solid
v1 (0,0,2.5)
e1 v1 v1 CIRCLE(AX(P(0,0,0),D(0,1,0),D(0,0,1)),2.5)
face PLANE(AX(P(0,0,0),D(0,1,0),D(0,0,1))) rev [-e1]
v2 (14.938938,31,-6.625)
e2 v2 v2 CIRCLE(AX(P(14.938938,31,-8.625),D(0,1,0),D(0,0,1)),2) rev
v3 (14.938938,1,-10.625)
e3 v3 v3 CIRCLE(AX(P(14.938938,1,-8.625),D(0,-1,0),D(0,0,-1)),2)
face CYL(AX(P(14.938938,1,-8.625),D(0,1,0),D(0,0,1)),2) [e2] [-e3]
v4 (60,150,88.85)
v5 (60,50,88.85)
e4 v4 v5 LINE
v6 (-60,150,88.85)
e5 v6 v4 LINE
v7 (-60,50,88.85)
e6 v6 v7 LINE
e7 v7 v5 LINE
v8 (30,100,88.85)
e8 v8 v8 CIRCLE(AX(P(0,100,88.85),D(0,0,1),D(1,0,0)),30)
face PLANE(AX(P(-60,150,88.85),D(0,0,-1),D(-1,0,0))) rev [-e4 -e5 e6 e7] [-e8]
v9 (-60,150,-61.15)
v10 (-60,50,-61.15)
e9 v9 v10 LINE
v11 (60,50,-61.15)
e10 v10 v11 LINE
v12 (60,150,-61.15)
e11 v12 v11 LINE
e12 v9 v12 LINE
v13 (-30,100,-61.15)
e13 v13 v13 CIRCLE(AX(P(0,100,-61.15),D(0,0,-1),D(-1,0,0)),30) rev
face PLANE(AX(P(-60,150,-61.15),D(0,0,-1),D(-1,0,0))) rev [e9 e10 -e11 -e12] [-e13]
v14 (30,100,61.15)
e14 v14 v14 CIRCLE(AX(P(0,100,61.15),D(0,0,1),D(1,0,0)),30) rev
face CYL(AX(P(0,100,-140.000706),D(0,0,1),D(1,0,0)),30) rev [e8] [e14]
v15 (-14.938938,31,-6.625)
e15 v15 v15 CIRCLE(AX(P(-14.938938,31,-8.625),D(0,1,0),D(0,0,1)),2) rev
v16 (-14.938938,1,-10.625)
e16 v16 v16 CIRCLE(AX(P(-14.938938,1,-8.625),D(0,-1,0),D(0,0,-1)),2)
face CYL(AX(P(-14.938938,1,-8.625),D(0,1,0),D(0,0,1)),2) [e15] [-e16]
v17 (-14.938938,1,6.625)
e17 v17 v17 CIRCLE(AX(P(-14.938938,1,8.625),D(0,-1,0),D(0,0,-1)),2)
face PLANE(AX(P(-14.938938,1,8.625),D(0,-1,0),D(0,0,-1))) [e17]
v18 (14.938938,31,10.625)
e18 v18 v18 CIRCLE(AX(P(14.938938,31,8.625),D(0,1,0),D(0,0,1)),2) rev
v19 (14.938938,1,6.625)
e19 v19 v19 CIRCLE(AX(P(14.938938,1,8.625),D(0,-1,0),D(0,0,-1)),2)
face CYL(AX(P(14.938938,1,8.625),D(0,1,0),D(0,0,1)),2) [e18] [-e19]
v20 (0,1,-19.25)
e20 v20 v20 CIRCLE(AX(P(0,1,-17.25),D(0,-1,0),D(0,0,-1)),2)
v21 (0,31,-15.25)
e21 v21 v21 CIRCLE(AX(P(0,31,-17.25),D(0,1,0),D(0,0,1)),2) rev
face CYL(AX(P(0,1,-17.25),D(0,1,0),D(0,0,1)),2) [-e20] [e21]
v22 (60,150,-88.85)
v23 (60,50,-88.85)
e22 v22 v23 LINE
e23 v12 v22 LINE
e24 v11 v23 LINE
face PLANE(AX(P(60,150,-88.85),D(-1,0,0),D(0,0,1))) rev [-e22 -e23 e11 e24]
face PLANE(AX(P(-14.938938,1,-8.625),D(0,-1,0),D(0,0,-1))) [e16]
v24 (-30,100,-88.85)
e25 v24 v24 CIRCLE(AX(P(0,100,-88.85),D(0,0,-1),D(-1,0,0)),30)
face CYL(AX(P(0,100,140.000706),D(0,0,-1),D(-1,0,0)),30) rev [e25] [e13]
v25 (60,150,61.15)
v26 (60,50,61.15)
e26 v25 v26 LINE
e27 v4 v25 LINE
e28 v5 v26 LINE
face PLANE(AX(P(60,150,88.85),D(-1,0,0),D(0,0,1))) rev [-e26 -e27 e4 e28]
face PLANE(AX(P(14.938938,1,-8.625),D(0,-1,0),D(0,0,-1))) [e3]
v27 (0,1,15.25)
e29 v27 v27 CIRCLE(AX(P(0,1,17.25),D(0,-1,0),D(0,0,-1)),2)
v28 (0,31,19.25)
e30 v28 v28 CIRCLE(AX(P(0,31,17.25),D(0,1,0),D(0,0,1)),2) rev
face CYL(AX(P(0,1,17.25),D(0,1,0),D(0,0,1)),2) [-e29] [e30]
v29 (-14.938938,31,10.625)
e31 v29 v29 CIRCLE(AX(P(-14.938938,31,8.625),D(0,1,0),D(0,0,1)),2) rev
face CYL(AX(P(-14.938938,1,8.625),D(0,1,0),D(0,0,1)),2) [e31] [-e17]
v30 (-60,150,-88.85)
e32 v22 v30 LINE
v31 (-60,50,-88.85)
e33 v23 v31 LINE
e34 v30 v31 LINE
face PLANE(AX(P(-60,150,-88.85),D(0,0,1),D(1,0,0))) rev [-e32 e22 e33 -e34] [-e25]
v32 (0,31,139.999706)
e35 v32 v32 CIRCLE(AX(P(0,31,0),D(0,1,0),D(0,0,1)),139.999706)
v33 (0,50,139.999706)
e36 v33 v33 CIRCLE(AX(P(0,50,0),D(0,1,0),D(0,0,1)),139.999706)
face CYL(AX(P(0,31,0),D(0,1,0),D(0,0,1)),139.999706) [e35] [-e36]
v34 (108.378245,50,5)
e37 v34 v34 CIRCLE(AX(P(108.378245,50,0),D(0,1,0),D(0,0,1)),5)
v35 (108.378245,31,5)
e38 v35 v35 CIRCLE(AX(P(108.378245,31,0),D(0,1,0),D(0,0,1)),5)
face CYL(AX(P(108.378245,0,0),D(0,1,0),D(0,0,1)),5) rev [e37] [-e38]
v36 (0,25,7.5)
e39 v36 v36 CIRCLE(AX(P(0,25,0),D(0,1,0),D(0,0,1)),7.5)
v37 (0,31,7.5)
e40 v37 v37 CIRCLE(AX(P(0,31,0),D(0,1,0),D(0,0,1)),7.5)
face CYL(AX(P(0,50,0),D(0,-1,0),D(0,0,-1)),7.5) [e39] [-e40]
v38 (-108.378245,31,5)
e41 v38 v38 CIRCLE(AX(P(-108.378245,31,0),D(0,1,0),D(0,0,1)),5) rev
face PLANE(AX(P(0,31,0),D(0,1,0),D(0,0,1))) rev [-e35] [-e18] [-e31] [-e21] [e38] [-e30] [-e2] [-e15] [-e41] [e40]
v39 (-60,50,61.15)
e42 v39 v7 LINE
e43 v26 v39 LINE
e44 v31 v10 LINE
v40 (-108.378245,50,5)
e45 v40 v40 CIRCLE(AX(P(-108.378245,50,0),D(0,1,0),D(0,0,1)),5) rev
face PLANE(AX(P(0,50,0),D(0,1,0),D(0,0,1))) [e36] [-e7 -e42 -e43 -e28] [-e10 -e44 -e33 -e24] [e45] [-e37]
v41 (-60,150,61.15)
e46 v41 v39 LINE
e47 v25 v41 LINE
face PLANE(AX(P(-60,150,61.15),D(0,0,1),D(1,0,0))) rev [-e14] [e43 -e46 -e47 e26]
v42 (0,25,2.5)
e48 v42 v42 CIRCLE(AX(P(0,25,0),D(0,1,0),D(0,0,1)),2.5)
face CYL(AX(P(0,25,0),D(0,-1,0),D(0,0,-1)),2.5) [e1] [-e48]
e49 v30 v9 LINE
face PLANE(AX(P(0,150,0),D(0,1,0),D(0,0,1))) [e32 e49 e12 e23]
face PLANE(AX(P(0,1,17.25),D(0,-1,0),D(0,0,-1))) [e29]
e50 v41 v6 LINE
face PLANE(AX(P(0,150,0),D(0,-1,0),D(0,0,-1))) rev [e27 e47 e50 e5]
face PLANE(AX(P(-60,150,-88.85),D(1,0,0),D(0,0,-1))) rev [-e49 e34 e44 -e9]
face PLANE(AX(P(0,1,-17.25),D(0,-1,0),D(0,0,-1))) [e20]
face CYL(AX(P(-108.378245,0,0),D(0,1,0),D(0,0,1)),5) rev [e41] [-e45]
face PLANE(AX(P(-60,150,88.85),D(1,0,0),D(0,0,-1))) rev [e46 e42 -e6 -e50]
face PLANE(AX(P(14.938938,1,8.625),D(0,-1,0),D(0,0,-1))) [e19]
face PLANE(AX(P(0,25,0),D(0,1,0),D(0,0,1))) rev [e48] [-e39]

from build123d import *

# Parameters (mm, degrees)
SKETCH_4_R          = 2.5
EXTRUDE_3_DEPTH     = 25
SKETCH_5_R          = 7.5
EXTRUDE_4_DEPTH     = 25
SKETCH_6_R          = 139.999706489
EXTRUDE_5_DEPTH     = 19
SKETCH_15_W         = 120
SKETCH_15_H         = 27.7
EXTRUDE_7_DEPTH     = 100
CUT_EXTRUDE_3_REACH = 309.363
SKETCH_16_R         = 30
CUT_EXTRUDE_4_REACH = 309.363
SKETCH_17_R         = 30
SKETCH_18_R         = 2
EXTRUDE_8_DEPTH     = 30
SKETCH_19_R         = 5
CUT_EXTRUDE_5_DEPTH = 222.810359618


with BuildPart() as part:
    # 草图4 → 凸台-拉伸3 (new body)
    with BuildSketch(Plane(origin=(0, 0, 0), x_dir=(1, 0, 0), z_dir=(0, 1, 0))):
        with Locations(Location((0, 0, 0), (0, 0, 270))):
            Circle(SKETCH_4_R)
    extrude(amount=EXTRUDE_3_DEPTH)

    # 草图5 → 凸台-拉伸4 (add)
    with BuildSketch(Plane(origin=(0, 25, 0), x_dir=(1, 0, 0), z_dir=(0, 1, 0))):
        with Locations(Location((0, 0, 0), (0, 0, 270))):
            Circle(SKETCH_5_R)
    extrude(amount=EXTRUDE_4_DEPTH)

    # 草图6 → 凸台-拉伸5 (add)
    with BuildSketch(Plane(origin=(0, 50, 0), x_dir=(1, 0, 0), z_dir=(0, 1, 0))):
        with Locations(Location((0, 0, 0), (0, 0, 270))):
            Circle(SKETCH_6_R)
    extrude(amount=-EXTRUDE_5_DEPTH)

    # 草图15 → 凸台-拉伸7 (add)
    with BuildSketch(Plane(origin=(0, 50, 0), x_dir=(1, 0, 0), z_dir=(0, 1, 0))):
        with Locations((0, 75)):
            Rectangle(SKETCH_15_W, SKETCH_15_H)
        with Locations((0, -75)):
            Rectangle(SKETCH_15_W, SKETCH_15_H)
    extrude(amount=EXTRUDE_7_DEPTH)

    # 草图16 → 切除-拉伸3 (cut, up to next)
    with BuildSketch(Plane.XY.offset(88.85), mode=Mode.PRIVATE) as cut_extrude_3_sk1:
        with Locations((0, 100)):
            Circle(SKETCH_16_R)
    cut_extrude_3_tool1 = extrude(cut_extrude_3_sk1.sketch, amount=-CUT_EXTRUDE_3_REACH, mode=Mode.PRIVATE) & part.part
    add(cut_extrude_3_tool1.solids().sort_by_distance((0, 100, 88.85))[0], mode=Mode.SUBTRACT)

    # 草图17 → 切除-拉伸4 (cut, up to next)
    with BuildSketch(Plane(origin=(0, 0, -88.85), x_dir=(-1, 0, 0), z_dir=(0, 0, -1)), mode=Mode.PRIVATE) as cut_extrude_4_sk1:
        with Locations(Location((0, 100, 0), (0, 0, 180))):
            Circle(SKETCH_17_R)
    cut_extrude_4_tool1 = extrude(cut_extrude_4_sk1.sketch, amount=-CUT_EXTRUDE_4_REACH, mode=Mode.PRIVATE) & part.part
    add(cut_extrude_4_tool1.solids().sort_by_distance((0, 100, -88.85))[0], mode=Mode.SUBTRACT)

    # 草图18 → 凸台-拉伸8 (add)
    with BuildSketch(Plane.XZ.offset(-31)):
        with Locations(Location((0, 17.25, 0), (0, 0, 90))):
            Circle(SKETCH_18_R)
        with Locations(Location((14.938938215, 8.625, 0), (0, 0, 90))):
            Circle(SKETCH_18_R)
        with Locations(Location((14.938938215, -8.625, 0), (0, 0, 90))):
            Circle(SKETCH_18_R)
        with Locations(Location((0, -17.25, 0), (0, 0, 90))):
            Circle(SKETCH_18_R)
        with Locations(Location((-14.938938215, -8.625, 0), (0, 0, 90))):
            Circle(SKETCH_18_R)
        with Locations(Location((-14.938938215, 8.625, 0), (0, 0, 90))):
            Circle(SKETCH_18_R)
    extrude(amount=EXTRUDE_8_DEPTH)

    # 草图19 → 切除-拉伸5 (cut, symmetric)
    with BuildSketch(Plane(origin=(0, 50, 0), x_dir=(1, 0, 0), z_dir=(0, 1, 0))):
        with Locations(Location((108.378245134, 0, 0), (0, 0, 270))):
            Circle(SKETCH_19_R)
    cut_extrude_5 = extrude(amount=CUT_EXTRUDE_5_DEPTH, both=True, mode=Mode.SUBTRACT)

    # 镜向1: 切除-拉伸5 across plane
    add(cut_extrude_5.mirror(Plane(origin=(0, 0, 0), x_dir=(0, 0, 1), z_dir=(1, 0, 0))), mode=Mode.SUBTRACT)


solid = part.part
